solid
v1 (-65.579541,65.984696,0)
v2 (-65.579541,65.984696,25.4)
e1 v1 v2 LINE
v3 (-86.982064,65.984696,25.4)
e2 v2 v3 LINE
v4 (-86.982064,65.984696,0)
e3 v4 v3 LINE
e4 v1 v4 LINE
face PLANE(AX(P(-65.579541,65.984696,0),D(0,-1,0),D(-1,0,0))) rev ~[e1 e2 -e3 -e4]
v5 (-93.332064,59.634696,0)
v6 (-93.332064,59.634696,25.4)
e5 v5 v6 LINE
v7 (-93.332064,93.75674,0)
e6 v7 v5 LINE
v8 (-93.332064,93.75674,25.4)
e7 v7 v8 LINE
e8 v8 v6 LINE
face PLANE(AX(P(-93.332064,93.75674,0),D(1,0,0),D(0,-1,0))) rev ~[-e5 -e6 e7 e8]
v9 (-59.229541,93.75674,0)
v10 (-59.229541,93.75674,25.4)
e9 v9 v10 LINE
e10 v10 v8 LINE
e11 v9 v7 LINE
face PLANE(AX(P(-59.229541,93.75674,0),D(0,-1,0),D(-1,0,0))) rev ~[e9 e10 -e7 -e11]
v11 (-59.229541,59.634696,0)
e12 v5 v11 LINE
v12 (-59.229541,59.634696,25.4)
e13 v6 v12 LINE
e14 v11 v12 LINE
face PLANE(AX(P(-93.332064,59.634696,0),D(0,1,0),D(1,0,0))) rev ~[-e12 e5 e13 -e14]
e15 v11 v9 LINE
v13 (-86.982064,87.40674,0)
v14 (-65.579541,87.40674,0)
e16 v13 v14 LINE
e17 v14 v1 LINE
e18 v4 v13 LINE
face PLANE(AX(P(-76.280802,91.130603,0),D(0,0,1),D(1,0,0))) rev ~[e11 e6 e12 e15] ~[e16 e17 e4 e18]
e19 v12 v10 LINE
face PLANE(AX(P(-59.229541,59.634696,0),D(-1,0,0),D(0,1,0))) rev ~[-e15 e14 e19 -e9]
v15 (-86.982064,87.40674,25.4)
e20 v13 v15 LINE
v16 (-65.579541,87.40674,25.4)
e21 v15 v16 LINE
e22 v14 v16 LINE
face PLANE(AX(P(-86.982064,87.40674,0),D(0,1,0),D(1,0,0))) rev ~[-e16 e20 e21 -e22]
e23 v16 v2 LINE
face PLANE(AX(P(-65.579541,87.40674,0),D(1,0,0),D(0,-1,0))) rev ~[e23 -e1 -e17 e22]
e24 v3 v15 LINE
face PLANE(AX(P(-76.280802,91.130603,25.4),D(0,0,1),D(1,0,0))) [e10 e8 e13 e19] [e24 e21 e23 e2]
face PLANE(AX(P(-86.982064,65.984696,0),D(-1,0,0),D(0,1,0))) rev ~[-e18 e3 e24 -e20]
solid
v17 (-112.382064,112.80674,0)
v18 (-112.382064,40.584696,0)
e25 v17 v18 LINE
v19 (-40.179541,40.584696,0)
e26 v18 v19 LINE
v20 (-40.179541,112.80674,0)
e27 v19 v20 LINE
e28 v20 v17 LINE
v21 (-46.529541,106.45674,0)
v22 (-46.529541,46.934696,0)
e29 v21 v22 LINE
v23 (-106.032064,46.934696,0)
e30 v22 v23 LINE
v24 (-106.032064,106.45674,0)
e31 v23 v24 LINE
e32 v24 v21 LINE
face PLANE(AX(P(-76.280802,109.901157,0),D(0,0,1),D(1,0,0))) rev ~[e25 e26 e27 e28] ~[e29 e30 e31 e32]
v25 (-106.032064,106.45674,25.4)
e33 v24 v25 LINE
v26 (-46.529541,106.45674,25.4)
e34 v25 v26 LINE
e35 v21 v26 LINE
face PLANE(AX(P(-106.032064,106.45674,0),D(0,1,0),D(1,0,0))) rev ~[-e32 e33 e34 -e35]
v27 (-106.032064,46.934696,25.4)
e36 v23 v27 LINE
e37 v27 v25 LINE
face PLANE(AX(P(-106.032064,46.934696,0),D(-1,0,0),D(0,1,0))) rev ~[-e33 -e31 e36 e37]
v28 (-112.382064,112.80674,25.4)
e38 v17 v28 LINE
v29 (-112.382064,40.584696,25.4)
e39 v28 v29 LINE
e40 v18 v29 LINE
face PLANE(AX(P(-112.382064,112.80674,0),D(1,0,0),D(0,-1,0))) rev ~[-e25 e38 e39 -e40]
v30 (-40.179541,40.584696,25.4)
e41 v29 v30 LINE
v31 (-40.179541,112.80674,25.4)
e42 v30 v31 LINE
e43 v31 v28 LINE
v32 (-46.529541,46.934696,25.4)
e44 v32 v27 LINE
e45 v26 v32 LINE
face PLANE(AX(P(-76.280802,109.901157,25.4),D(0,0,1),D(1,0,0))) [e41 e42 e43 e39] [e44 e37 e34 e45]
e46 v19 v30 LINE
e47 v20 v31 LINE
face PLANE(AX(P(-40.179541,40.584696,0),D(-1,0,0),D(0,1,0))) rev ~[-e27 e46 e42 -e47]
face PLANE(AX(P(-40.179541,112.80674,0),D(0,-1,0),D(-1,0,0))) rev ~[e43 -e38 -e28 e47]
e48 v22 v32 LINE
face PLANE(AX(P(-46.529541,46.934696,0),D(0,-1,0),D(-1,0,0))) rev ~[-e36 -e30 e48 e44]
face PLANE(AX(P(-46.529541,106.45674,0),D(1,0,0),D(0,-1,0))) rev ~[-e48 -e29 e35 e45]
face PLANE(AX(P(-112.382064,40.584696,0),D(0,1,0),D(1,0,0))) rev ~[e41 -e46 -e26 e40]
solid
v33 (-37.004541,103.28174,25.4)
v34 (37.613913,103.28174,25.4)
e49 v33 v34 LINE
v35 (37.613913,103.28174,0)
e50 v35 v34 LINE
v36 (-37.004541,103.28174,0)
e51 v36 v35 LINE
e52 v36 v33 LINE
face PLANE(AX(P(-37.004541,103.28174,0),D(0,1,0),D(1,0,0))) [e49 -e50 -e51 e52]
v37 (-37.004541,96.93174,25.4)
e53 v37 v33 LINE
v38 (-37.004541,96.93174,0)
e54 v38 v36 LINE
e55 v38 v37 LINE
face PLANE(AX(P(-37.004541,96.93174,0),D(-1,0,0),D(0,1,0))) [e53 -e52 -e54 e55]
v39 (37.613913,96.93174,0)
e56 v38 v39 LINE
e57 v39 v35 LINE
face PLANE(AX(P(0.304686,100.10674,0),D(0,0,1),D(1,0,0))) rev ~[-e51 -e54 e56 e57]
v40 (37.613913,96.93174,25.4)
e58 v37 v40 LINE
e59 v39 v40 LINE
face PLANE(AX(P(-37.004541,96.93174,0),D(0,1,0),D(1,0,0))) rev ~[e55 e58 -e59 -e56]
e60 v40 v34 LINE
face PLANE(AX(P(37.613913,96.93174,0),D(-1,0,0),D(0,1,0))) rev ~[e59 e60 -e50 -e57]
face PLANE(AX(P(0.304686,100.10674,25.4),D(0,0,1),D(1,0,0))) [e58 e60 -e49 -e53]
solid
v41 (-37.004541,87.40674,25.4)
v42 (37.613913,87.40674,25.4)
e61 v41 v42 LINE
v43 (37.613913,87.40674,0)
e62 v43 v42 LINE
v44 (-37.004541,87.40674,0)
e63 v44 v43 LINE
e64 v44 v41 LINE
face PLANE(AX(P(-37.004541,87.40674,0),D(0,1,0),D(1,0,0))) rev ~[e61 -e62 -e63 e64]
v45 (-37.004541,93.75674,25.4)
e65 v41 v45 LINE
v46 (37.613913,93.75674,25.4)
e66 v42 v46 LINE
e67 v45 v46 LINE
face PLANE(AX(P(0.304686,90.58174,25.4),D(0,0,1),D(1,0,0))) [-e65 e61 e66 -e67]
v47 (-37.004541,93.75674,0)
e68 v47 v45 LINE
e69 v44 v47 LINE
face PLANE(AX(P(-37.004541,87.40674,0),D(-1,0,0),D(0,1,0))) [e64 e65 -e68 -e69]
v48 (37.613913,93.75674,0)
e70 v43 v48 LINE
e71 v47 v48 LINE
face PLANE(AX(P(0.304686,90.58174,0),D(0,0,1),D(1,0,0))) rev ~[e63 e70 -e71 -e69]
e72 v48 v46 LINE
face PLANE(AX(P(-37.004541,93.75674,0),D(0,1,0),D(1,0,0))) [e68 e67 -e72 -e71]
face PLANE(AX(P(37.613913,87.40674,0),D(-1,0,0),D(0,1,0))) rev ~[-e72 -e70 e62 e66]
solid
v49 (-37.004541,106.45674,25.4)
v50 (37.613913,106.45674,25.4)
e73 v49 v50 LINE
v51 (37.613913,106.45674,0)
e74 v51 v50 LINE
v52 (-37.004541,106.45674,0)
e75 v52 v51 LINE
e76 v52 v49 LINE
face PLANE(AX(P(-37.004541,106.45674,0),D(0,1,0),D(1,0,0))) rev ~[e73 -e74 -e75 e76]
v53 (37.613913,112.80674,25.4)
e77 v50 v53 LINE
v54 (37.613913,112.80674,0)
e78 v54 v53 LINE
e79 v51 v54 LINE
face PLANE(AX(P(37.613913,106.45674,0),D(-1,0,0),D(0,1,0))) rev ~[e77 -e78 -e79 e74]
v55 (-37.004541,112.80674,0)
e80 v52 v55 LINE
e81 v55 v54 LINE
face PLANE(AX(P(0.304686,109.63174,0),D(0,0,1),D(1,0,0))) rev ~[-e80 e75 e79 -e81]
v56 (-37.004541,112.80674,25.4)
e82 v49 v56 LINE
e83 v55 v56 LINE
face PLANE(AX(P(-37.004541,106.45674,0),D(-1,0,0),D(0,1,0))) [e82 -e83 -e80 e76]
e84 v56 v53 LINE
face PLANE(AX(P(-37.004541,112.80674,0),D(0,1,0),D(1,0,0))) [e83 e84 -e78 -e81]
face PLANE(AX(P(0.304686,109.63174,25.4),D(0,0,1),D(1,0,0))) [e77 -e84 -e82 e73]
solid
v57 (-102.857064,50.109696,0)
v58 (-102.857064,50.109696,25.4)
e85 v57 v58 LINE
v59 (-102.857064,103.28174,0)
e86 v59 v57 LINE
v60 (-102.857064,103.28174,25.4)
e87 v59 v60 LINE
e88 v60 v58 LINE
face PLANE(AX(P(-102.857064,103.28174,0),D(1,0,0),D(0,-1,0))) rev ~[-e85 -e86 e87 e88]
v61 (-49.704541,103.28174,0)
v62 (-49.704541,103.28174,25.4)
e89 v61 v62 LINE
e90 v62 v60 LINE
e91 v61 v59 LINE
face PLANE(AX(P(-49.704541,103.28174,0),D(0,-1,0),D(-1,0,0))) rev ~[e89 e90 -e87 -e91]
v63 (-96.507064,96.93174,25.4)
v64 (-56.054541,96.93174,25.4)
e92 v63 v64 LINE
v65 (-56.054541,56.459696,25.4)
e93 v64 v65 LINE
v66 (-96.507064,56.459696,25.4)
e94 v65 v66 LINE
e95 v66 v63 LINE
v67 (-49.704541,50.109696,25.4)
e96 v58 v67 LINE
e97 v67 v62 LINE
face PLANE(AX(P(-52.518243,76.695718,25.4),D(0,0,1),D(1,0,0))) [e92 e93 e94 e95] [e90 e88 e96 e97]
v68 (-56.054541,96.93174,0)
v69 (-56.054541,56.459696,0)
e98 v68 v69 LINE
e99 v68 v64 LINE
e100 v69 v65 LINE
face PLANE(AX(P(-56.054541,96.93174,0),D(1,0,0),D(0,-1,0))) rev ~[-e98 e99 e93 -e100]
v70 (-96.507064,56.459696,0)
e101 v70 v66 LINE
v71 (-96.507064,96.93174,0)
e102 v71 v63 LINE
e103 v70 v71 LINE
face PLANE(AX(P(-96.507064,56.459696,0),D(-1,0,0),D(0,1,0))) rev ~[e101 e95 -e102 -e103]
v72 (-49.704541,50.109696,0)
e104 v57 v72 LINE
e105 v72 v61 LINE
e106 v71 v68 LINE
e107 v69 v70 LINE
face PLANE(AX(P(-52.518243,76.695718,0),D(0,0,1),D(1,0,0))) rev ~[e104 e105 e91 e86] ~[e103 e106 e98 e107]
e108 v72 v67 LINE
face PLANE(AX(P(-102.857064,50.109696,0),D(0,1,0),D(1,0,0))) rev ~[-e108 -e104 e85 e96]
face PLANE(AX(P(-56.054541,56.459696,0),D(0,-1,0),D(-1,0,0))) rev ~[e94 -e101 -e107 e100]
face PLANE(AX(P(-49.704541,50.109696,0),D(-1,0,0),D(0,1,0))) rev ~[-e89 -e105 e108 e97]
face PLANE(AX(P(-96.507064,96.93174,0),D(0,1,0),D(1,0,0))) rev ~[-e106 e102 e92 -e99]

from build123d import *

# Parameters (mm, degrees)
F0_W     = 74.618454
F0_H     = 6.35
F1_DEPTH = 25.4


with BuildPart() as f1:
    # F0 (on Top) → F1 (new body)
    with BuildSketch(Plane.XY):
        Polygon((-86.982064, 87.40674), (-65.579541, 87.40674), (-59.229541, 93.75674), (-93.332064, 93.75674), align=None)
        Polygon((-65.579541, 87.40674), (-65.579541, 65.984696), (-59.229541, 59.634696), (-59.229541, 93.75674), align=None)
        Polygon((-93.332064, 59.634696), (-86.982064, 65.984696), (-86.982064, 87.40674), (-93.332064, 93.75674), align=None)
        Polygon((-59.229541, 59.634696), (-65.579541, 65.984696), (-86.982064, 65.984696), (-93.332064, 59.634696), align=None)
        Polygon((-49.704541, 103.28174), (-56.054541, 96.93174), (-56.054541, 56.459696), (-49.704541, 50.109696), align=None)
        Polygon((-96.507064, 56.459696), (-96.507064, 96.93174), (-102.857064, 103.28174), (-102.857064, 50.109696), align=None)
        Polygon((-49.704541, 50.109696), (-56.054541, 56.459696), (-96.507064, 56.459696), (-102.857064, 50.109696), align=None)
        Polygon((-96.507064, 96.93174), (-56.054541, 96.93174), (-49.704541, 103.28174), (-102.857064, 103.28174), align=None)
        Polygon((-106.032064, 106.45674), (-46.529541, 106.45674), (-40.179541, 112.80674), (-112.382064, 112.80674), align=None)
        Polygon((-40.179541, 112.80674), (-46.529541, 106.45674), (-46.529541, 46.934696), (-40.179541, 40.584696), align=None)
        Polygon((-106.032064, 46.934696), (-106.032064, 106.45674), (-112.382064, 112.80674), (-112.382064, 40.584696), align=None)
        Polygon((-40.179541, 40.584696), (-46.529541, 46.934696), (-106.032064, 46.934696), (-112.382064, 40.584696), align=None)
        with Locations((0.304686, 100.10674)):
            Rectangle(F0_W, F0_H)
        with Locations((0.304686, 109.63174)):
            Rectangle(F0_W, F0_H)
        with Locations((0.304686, 90.58174)):
            Rectangle(F0_W, F0_H)
    extrude(amount=F1_DEPTH)


solid = f1.part
